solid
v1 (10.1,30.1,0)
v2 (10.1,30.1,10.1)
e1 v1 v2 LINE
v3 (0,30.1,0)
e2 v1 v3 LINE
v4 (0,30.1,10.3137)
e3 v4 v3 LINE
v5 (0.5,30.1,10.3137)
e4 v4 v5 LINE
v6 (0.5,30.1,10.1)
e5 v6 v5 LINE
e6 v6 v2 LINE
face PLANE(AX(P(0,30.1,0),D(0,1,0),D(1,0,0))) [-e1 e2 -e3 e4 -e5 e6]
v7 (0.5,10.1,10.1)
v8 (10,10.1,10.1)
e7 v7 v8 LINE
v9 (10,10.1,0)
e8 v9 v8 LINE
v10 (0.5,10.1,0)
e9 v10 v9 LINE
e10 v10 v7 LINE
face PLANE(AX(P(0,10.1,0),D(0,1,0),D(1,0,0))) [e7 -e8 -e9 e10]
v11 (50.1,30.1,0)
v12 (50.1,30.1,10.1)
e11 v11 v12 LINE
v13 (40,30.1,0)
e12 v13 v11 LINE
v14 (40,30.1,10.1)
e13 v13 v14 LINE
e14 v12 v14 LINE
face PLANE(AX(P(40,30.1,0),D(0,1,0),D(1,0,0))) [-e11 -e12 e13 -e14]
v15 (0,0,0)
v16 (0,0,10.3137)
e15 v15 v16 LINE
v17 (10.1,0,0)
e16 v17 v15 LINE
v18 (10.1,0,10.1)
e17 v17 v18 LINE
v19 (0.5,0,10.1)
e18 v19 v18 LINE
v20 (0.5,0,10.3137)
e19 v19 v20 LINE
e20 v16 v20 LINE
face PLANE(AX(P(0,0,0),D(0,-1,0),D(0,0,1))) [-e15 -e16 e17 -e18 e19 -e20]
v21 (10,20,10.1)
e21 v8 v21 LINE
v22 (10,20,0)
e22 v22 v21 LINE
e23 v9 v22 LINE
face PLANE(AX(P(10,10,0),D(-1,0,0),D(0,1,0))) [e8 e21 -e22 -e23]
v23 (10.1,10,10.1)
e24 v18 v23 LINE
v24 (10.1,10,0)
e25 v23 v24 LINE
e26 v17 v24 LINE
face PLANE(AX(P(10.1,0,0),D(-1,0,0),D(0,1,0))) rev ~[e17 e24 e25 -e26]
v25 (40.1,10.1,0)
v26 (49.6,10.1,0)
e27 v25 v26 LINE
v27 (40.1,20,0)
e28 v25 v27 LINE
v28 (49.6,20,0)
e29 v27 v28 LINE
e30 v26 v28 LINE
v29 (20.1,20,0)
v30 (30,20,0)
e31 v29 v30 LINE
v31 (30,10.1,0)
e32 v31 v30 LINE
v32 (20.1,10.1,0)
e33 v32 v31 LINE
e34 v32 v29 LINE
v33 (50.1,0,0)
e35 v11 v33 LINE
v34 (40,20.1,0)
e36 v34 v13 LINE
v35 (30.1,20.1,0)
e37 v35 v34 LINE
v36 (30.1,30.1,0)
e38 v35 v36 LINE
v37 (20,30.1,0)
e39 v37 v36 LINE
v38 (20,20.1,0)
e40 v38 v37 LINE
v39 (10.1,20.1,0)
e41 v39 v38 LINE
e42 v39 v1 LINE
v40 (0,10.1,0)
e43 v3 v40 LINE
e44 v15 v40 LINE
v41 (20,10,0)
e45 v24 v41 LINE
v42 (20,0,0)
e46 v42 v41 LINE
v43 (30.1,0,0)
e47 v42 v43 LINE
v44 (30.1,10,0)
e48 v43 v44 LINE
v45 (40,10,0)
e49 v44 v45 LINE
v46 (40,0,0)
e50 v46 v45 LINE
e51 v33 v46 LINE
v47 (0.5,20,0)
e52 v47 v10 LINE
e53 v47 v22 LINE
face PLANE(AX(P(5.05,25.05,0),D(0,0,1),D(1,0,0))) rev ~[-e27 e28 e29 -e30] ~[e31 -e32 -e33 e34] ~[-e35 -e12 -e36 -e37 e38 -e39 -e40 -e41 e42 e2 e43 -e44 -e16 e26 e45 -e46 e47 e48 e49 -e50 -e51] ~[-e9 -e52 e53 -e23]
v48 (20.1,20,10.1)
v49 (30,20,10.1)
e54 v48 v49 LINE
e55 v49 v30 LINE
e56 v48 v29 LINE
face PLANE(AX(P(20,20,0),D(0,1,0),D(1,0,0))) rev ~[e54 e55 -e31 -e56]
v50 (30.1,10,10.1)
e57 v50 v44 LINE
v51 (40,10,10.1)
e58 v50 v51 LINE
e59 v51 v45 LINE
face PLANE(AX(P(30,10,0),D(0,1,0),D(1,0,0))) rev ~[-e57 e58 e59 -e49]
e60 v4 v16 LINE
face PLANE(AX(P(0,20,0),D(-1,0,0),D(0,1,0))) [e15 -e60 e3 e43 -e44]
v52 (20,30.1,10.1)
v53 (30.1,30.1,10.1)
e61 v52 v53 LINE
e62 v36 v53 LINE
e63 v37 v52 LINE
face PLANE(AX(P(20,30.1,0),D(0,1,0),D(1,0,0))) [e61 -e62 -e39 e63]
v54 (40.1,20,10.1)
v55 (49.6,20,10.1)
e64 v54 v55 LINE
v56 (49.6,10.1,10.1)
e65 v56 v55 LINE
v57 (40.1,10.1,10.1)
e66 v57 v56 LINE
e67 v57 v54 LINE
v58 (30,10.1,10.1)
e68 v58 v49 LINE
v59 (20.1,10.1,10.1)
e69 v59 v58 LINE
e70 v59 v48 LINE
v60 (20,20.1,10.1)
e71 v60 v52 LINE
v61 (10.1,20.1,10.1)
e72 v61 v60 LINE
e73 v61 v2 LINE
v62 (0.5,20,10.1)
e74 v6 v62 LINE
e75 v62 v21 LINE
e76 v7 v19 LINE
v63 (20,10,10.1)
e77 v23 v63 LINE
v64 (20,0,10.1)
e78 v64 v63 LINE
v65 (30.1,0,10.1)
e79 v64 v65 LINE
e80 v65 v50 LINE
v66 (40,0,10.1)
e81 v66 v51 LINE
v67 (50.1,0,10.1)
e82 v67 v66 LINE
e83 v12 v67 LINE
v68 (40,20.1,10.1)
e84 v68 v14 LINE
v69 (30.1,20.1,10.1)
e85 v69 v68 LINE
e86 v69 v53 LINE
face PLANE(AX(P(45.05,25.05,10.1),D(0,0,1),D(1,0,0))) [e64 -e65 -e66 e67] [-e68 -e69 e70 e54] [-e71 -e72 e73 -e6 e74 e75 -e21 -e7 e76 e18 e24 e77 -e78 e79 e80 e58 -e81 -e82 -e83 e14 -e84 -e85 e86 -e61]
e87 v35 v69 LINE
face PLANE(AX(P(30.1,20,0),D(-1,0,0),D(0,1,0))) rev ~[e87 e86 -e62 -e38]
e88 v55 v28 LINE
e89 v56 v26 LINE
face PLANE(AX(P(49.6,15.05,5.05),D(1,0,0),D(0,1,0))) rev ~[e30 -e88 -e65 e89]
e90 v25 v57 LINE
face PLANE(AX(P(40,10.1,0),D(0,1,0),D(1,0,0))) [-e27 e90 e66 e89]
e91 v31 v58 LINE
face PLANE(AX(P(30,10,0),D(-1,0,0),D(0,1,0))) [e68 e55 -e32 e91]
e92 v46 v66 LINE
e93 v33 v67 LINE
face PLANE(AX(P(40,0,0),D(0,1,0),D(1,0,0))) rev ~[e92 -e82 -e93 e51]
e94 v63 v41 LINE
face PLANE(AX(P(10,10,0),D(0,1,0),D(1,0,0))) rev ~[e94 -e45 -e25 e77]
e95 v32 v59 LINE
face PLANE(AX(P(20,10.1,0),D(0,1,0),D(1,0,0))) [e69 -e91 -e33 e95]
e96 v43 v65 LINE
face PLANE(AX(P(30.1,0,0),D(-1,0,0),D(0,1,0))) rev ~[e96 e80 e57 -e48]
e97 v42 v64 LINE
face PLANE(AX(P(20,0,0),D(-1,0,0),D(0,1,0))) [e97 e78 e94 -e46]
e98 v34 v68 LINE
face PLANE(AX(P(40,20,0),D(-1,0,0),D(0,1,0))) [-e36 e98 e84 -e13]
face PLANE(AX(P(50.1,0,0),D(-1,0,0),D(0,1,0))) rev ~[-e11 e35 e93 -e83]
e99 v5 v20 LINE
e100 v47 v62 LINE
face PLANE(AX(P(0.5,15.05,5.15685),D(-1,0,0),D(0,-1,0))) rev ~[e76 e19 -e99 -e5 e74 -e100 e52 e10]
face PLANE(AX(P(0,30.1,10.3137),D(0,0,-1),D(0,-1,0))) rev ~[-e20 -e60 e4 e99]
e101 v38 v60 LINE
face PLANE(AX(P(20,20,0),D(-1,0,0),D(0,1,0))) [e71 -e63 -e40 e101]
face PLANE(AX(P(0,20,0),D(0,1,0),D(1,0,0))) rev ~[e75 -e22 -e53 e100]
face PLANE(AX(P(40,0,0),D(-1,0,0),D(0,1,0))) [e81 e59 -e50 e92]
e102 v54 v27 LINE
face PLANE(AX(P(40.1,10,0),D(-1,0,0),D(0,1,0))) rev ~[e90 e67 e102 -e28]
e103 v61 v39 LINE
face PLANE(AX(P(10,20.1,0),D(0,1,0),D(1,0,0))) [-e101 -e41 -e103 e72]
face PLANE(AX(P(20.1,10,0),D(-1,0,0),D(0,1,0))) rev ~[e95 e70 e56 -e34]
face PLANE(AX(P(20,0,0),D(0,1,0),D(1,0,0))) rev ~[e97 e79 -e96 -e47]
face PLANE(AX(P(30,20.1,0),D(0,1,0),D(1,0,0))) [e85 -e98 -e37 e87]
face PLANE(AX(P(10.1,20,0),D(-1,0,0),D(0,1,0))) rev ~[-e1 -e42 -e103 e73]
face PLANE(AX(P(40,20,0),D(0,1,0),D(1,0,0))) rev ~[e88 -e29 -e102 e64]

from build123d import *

# Parameters (mm, degrees)
F0_W      = 10.1
F0_H      = 10.1
F1_DEPTH  = 10.1
F9_W      = 30.1
F9_H      = 10.3136999533
F10_DEPTH = 0.5
F11_W     = 30.1
F11_H     = 10.1
F12_DEPTH = 0.5


with BuildPart() as f1:
    # F0 (on Top) → F1 (new body)
    with BuildSketch(Plane.XY):
        with Locations((5.05, 5.05)):
            Rectangle(F0_W, F0_H)
    extrude(amount=F1_DEPTH)


with BuildPart() as f2_1:
    # F2: copy of F1
    add(f1.part.moved(Location((20, 0, 0))))


with BuildPart() as f3_1:
    # F3: copy of F2_1
    add(f2_1.part.moved(Location((20, 0, 0))))


with BuildPart() as f4_1:
    # F4: copy of F1
    add(f1.part.moved(Location((10, 10, 0))))


with BuildPart() as f5_1:
    # F5: copy of F2_1
    add(f2_1.part.moved(Location((10, 10, 0))))


with BuildPart() as f6_1:
    # F6: copy of F4_1
    add(f4_1.part.moved(Location((-10, 10, 0))))


with BuildPart() as f7_1:
    # F7: copy of F4_1
    add(f4_1.part.moved(Location((10, 10, 0))))


with BuildPart() as f8_1:
    # F8: copy of F5_1
    add(f5_1.part.moved(Location((10, 10, 0))))


with BuildPart() as f1_1:
    add(f1.part)

    add(f6_1.part)  # F10 merges F6_1
    # F9 (on face) → F10 (join)
    with BuildSketch(Plane(origin=(0, 0, 0), x_dir=(0, -1, 0), z_dir=(-1, 0, 0))):
        with Locations((-15.05, 5.1568499766)):
            Rectangle(F9_W, F9_H)
    extrude(amount=-F10_DEPTH)

    add(f2_1.part)  # F12 merges F2_1

    add(f3_1.part)  # F12 merges F3_1

    add(f4_1.part)  # F12 merges F4_1

    add(f5_1.part)  # F12 merges F5_1

    add(f7_1.part)  # F12 merges F7_1

    add(f8_1.part)  # F12 merges F8_1
    # F11 (on face) → F12 (join)
    with BuildSketch(Plane.YZ.offset(50.1)):
        with Locations((15.05, 5.05)):
            Rectangle(F11_W, F11_H)
    extrude(amount=-F12_DEPTH)


solid = f1_1.part
